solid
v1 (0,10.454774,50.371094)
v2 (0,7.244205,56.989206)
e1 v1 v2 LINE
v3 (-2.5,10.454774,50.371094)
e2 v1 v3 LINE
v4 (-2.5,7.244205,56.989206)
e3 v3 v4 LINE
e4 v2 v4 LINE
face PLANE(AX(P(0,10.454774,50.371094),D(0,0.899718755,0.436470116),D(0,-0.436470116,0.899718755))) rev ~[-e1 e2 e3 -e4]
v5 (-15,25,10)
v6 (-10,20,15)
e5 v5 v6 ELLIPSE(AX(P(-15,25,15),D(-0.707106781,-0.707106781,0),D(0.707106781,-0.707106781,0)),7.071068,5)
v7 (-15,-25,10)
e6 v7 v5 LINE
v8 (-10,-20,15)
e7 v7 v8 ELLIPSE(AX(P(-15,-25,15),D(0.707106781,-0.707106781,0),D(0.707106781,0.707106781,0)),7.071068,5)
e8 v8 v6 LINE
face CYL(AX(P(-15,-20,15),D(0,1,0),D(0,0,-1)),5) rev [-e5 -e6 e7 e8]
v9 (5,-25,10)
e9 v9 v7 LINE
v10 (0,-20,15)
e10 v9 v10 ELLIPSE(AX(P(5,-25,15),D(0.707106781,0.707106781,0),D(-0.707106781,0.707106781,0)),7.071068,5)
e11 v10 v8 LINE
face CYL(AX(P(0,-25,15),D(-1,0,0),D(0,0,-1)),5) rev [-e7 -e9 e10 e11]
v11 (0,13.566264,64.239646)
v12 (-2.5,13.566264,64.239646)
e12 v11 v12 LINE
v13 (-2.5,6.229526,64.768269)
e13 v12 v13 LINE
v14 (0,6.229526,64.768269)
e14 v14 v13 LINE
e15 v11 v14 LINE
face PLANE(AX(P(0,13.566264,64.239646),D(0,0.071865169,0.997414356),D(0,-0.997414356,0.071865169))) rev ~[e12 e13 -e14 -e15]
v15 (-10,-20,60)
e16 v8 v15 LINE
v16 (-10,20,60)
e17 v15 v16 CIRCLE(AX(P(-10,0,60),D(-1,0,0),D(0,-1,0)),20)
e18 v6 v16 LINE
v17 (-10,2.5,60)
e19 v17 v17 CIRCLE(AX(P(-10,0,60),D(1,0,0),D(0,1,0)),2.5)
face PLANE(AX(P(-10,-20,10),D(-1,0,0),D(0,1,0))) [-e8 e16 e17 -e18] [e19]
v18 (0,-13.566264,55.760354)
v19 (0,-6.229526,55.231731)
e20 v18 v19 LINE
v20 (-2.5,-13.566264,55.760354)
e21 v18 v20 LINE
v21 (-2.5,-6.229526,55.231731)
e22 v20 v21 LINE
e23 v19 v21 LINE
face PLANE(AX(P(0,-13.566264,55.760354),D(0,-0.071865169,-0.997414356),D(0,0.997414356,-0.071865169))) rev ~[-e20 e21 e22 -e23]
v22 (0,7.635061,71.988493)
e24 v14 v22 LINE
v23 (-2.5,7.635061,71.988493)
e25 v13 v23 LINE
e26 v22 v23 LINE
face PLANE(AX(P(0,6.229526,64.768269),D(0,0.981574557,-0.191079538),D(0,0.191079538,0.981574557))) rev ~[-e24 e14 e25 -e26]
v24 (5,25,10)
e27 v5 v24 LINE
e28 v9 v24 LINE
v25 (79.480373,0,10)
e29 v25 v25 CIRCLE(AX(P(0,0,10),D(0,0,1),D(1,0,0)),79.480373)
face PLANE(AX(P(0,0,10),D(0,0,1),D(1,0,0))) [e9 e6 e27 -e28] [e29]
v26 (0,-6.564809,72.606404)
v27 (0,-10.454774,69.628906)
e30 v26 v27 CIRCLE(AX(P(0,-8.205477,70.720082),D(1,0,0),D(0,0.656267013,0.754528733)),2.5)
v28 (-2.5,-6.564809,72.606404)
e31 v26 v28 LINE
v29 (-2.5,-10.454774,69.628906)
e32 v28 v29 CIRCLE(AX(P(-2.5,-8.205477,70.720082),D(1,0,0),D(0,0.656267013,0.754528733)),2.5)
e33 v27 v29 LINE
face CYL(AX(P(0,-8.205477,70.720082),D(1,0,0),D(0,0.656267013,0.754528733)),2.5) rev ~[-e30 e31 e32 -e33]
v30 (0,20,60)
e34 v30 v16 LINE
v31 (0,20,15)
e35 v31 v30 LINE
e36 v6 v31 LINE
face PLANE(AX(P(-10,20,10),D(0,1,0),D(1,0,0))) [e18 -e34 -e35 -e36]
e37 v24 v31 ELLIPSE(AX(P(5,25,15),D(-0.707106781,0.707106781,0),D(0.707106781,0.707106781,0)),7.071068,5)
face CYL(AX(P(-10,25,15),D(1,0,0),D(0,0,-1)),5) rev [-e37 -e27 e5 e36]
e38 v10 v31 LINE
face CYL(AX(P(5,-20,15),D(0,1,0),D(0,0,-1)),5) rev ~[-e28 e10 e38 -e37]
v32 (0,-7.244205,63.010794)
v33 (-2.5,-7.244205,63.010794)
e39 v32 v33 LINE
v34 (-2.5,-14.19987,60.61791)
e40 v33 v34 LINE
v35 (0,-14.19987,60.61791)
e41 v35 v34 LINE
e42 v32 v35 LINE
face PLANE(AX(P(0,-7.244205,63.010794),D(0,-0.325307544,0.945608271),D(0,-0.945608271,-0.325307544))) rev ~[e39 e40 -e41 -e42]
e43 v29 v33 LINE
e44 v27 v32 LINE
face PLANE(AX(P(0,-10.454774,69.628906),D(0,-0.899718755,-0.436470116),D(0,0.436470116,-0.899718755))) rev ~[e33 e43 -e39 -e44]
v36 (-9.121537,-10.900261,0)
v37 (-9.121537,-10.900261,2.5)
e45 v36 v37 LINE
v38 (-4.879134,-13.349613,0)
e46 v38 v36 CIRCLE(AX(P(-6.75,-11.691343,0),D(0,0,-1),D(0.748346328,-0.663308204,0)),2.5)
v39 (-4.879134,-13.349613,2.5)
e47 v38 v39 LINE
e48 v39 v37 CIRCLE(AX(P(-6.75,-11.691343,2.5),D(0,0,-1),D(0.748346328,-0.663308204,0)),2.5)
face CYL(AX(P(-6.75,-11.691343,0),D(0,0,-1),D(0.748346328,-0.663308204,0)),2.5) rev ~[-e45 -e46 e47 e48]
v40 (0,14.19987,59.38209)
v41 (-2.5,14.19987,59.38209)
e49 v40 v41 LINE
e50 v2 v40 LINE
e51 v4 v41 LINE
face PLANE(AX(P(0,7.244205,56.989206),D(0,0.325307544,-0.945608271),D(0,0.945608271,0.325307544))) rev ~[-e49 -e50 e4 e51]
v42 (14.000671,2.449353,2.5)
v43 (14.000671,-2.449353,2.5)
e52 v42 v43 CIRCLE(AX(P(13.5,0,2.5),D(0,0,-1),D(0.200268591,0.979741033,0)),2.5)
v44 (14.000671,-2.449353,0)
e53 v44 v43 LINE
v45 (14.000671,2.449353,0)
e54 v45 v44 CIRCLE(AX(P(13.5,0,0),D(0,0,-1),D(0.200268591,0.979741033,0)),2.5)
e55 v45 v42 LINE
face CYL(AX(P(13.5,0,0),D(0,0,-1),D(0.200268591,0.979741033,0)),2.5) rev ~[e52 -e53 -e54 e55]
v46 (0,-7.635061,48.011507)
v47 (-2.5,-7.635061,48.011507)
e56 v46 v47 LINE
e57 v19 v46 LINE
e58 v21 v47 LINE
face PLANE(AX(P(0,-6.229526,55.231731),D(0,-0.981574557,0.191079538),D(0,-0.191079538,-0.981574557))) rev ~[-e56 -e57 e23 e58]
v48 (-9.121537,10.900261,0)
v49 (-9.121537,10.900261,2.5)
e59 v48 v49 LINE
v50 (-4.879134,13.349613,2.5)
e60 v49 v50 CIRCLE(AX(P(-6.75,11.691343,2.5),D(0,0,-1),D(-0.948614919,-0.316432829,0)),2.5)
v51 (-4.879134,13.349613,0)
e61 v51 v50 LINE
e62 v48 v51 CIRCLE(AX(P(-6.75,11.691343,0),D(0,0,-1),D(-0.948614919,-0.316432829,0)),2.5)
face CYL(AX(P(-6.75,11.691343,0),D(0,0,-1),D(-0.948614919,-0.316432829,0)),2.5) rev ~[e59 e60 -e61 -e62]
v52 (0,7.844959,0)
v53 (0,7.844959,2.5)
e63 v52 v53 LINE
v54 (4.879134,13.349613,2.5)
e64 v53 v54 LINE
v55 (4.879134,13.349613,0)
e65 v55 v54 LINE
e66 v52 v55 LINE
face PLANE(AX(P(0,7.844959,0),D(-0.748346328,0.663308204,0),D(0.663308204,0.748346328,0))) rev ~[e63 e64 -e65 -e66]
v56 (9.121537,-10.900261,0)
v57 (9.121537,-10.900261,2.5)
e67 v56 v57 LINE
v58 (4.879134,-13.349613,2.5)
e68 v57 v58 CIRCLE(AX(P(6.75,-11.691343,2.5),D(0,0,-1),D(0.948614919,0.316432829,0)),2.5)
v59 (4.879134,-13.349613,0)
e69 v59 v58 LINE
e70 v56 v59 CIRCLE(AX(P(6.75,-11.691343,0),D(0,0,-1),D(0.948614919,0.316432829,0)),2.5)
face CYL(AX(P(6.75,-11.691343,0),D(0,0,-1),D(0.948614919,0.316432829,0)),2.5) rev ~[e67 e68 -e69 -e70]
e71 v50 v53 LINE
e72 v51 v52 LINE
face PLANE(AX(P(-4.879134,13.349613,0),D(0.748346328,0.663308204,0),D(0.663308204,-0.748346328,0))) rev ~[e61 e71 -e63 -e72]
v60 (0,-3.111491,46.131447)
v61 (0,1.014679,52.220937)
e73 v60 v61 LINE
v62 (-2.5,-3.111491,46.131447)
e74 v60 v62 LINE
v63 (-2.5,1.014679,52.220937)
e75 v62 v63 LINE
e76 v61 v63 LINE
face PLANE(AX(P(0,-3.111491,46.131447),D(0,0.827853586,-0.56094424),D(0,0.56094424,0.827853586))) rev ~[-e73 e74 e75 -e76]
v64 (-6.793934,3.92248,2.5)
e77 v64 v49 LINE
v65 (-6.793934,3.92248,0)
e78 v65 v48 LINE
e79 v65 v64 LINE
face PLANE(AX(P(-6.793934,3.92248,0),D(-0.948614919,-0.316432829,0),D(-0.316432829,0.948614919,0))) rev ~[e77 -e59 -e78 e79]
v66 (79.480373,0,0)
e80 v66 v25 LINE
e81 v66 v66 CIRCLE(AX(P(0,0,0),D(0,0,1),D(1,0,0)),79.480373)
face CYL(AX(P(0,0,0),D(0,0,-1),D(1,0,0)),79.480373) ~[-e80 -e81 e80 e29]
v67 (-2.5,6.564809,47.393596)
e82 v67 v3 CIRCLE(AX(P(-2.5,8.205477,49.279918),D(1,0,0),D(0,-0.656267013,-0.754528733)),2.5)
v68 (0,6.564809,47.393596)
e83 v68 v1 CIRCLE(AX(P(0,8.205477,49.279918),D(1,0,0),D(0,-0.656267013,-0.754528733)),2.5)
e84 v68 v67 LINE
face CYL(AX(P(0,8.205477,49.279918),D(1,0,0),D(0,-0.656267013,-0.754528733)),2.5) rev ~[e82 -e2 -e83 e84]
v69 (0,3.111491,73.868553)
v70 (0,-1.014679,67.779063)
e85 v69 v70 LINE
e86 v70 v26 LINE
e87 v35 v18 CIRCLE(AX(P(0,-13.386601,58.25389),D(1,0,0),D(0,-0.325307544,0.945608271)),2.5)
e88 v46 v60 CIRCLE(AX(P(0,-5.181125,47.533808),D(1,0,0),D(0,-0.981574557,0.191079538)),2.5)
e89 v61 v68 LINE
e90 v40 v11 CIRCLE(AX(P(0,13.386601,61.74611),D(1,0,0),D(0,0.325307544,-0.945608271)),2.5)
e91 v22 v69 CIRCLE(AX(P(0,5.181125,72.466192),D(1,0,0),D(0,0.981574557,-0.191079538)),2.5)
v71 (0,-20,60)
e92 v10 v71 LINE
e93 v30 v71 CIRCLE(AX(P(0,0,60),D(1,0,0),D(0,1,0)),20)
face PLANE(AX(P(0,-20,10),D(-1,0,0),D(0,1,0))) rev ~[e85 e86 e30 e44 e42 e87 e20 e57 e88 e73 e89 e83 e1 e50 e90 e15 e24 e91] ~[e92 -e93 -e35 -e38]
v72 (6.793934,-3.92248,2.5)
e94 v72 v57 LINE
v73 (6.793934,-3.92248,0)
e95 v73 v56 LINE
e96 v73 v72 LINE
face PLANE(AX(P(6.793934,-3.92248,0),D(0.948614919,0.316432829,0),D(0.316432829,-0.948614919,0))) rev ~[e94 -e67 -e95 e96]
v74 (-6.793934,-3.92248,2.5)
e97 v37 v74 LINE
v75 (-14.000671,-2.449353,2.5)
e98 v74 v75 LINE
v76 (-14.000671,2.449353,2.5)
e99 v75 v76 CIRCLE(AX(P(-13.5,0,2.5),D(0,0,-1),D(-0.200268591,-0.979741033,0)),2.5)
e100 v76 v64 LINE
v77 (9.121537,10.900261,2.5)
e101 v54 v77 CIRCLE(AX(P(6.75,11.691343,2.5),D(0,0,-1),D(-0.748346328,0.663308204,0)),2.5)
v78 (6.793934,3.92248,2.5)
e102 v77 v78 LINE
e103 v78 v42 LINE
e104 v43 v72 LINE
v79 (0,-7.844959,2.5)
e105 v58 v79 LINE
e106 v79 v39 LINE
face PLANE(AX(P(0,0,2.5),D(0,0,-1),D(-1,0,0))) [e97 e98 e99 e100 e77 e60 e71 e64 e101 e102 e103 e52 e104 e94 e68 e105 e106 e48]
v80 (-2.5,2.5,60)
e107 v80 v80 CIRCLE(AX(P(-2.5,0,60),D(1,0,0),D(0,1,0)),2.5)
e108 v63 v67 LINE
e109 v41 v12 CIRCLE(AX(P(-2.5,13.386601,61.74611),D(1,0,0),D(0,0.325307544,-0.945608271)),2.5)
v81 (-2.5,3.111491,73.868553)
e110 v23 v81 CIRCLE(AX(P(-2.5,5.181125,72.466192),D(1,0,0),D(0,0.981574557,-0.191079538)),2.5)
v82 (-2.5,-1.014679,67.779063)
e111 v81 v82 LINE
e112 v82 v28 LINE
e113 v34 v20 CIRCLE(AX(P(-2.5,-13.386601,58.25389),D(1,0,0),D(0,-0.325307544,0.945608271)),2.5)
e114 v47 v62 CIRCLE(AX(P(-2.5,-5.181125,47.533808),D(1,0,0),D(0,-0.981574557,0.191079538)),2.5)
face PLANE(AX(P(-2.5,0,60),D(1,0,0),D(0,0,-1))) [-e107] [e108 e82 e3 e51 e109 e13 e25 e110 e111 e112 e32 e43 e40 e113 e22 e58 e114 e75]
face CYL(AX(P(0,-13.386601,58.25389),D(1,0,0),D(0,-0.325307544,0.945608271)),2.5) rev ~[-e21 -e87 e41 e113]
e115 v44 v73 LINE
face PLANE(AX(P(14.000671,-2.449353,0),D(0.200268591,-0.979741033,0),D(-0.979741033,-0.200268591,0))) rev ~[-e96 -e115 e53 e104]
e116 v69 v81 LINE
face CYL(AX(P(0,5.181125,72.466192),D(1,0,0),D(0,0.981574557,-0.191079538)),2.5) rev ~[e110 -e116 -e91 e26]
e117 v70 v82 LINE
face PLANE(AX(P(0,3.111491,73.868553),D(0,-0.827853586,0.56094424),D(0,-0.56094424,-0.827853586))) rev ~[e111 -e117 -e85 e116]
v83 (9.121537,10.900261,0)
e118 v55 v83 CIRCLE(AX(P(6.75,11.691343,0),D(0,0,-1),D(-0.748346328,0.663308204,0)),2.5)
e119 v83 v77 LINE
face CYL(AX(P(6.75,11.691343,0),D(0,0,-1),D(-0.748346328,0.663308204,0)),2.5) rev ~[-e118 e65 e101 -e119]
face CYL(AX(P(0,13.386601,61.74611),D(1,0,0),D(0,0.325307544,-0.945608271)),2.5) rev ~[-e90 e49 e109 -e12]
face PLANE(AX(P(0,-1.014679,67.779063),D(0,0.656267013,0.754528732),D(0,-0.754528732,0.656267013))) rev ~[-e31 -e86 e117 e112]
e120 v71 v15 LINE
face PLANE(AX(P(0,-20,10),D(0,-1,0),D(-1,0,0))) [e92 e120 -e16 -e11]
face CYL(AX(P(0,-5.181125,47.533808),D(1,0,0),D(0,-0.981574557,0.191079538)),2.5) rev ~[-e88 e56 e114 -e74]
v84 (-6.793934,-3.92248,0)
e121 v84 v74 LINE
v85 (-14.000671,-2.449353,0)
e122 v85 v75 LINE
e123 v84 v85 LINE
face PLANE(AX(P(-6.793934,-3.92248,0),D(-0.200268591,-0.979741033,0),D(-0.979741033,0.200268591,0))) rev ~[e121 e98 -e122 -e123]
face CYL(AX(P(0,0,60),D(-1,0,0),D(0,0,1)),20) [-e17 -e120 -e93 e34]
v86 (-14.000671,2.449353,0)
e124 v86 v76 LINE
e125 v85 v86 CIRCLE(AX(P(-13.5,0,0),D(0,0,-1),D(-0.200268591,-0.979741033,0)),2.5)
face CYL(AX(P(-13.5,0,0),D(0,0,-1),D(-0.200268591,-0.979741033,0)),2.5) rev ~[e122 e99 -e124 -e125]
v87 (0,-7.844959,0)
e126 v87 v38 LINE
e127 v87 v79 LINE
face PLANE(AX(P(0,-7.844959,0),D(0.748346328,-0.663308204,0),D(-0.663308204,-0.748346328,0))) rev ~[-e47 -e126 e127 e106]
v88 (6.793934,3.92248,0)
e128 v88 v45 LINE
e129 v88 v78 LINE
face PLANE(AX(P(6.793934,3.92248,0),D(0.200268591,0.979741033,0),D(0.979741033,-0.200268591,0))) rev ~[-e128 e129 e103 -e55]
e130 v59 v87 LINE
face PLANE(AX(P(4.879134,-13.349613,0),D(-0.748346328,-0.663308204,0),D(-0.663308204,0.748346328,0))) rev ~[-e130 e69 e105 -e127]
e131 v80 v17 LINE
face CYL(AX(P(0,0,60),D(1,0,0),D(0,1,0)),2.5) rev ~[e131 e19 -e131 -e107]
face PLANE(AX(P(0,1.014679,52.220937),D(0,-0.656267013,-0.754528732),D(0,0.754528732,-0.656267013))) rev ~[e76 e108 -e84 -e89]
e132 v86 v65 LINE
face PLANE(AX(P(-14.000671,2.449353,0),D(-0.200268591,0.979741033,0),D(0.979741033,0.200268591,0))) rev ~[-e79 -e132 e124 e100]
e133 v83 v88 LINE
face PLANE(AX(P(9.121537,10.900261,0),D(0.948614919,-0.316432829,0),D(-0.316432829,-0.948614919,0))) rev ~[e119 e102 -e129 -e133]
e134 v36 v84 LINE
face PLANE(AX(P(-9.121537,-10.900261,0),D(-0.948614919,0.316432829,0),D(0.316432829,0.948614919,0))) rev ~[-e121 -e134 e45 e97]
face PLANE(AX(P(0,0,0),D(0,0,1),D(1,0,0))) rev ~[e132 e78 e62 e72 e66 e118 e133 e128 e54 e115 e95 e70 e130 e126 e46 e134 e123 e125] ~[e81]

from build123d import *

# Parameters (mm, degrees)
SKETCH1_R           = 79.480373192
BOSS_EXTRUDE1_DEPTH = 10
BOSS_EXTRUDE2_DEPTH = 70
FILLET3_R           = 5
SKETCH7_R           = 2.5
CUT_EXTRUDE4_DEPTH  = 138.964703622
CUT_EXTRUDE6_DEPTH  = 2.5
FILLET5_RADIUS      = 20
FILLET5_LENGTH      = 10
CUT_EXTRUDE7_DEPTH  = 2.5


with BuildPart() as part:
    # Sketch1 → Boss-Extrude1 (new body)
    with BuildSketch(Plane.XY):
        Circle(SKETCH1_R)
    extrude(amount=BOSS_EXTRUDE1_DEPTH)

    # Sketch2 → Boss-Extrude2 (add)
    with BuildSketch(Plane.XY.offset(10)):
        Polygon((0, 0), (0, -20), (-10, -20), (-10, 20), (0, 20), align=None)
    extrude(amount=BOSS_EXTRUDE2_DEPTH)

    # Fillet3
    fillet3_edges = [part.edges().sort_by_distance(p)[0] for p in [
        (-5, 20, 10),
        (-10, 0, 10),
        (-5, -20, 10),
        (0, 0, 10),
    ]]
    fillet(fillet3_edges, radius=FILLET3_R)

    # Sketch7 → Cut-Extrude4 (cut, through all)
    with BuildSketch(Plane(origin=(0, 0, 0), x_dir=(0, 0, -1), z_dir=(1, 0, 0))):
        with Locations(Location((-60, 0, 0), (0, 0, 90))):
            Circle(SKETCH7_R)
    extrude(amount=-CUT_EXTRUDE4_DEPTH, mode=Mode.SUBTRACT)

    # Sketch9 → Cut-Extrude6 (cut)
    with BuildSketch(Plane(origin=(0, 0, 0), x_dir=(0, 0, -1), z_dir=(1, 0, 0))):
        with BuildLine():
            Line((-64.239646316, 13.566264372), (-64.768269058, 6.229526416))
            Line((-64.768269058, 6.229526416), (-71.988493293, 7.63506113))
            ThreePointArc((-71.988493293, 7.63506113), (-74.774746239, 6.140592282), (-73.868552739, 3.111490773))
            Line((-73.868552739, 3.111490773), (-67.779062658, -1.014678928))
            Line((-67.779062658, -1.014678928), (-72.606403544, -6.56480918))
            ThreePointArc((-72.606403544, -6.56480918), (-72.70528203, -9.725009436), (-69.628906423, -10.454773599))
            Line((-69.628906423, -10.454773599), (-63.010793601, -7.244205344))
            Line((-63.010793601, -7.244205344), (-60.617910251, -14.19987031))
            ThreePointArc((-60.617910251, -14.19987031), (-57.930535791, -15.865601718), (-55.760353684, -13.566264372))
            Line((-55.760353684, -13.566264372), (-55.231730942, -6.229526416))
            Line((-55.231730942, -6.229526416), (-48.011506707, -7.63506113))
            ThreePointArc((-48.011506707, -7.63506113), (-45.225253761, -6.140592282), (-46.131447261, -3.111490773))
            Line((-46.131447261, -3.111490773), (-52.220937342, 1.014678928))
            Line((-52.220937342, 1.014678928), (-47.393596456, 6.56480918))
            ThreePointArc((-47.393596456, 6.56480918), (-47.29471797, 9.725009436), (-50.371093577, 10.454773599))
            Line((-50.371093577, 10.454773599), (-56.989206399, 7.244205344))
            Line((-56.989206399, 7.244205344), (-59.382089749, 14.19987031))
            ThreePointArc((-59.382089749, 14.19987031), (-62.069464209, 15.865601718), (-64.239646316, 13.566264372))
        make_face()
    extrude(amount=-CUT_EXTRUDE6_DEPTH, mode=Mode.SUBTRACT)

    # Fillet5: full round fillet: the end face becomes a half cylinder, R = half its width
    fillet5_face = Plane((-5, 0, 80), x_dir=(-1, 0, 0), z_dir=(0, 0, 1))  # on the end face: x along it, z out of the body
    fillet5_slab = fillet5_face.offset(-FILLET5_RADIUS / 2) * Box(FILLET5_LENGTH, 2 * FILLET5_RADIUS, FILLET5_RADIUS, mode=Mode.PRIVATE)  # the body's end, R deep
    fillet5_round = Plane((-5, 0, 60), x_dir=(0, 0, 1), z_dir=(-1, 0, 0)) * Cylinder(FILLET5_RADIUS, FILLET5_LENGTH, mode=Mode.PRIVATE)  # its axis R under the face
    add(fillet5_slab - fillet5_round, mode=Mode.SUBTRACT)

    # Sketch4 → Cut-Extrude7 (cut)
    with BuildSketch(Plane(origin=(0, 0, 0), x_dir=(-1, 0, 0), z_dir=(0, 0, -1))):
        with BuildLine():
            Line((-9.121537298, 10.900260879), (-6.793934197, 3.922479738))
            Line((-6.793934197, 3.922479738), (-14.000671478, 2.449352582))
            ThreePointArc((-14.000671478, 2.449352582), (-16, 0), (-14.000671478, -2.449352582))
            Line((-14.000671478, -2.449352582), (-6.793934197, -3.922479738))
            Line((-6.793934197, -3.922479738), (-9.121537298, -10.900260879))
            ThreePointArc((-9.121537298, -10.900260879), (-8, -13.856406461), (-4.87913418, -13.349613461))
            Line((-4.87913418, -13.349613461), (0, -7.844959475))
            Line((0, -7.844959475), (4.87913418, -13.349613461))
            ThreePointArc((4.87913418, -13.349613461), (8, -13.856406461), (9.121537298, -10.900260879))
            Line((9.121537298, -10.900260879), (6.793934197, -3.922479738))
            Line((6.793934197, -3.922479738), (14.000671478, -2.449352582))
            ThreePointArc((14.000671478, -2.449352582), (16, 0), (14.000671478, 2.449352582))
            Line((14.000671478, 2.449352582), (6.793934197, 3.922479738))
            Line((6.793934197, 3.922479738), (9.121537298, 10.900260879))
            ThreePointArc((9.121537298, 10.900260879), (8, 13.856406461), (4.87913418, 13.349613461))
            Line((4.87913418, 13.349613461), (0, 7.844959475))
            Line((0, 7.844959475), (-4.87913418, 13.349613461))
            ThreePointArc((-4.87913418, 13.349613461), (-8, 13.856406461), (-9.121537298, 10.900260879))
        make_face()
    extrude(amount=-CUT_EXTRUDE7_DEPTH, mode=Mode.SUBTRACT)


solid = part.part
